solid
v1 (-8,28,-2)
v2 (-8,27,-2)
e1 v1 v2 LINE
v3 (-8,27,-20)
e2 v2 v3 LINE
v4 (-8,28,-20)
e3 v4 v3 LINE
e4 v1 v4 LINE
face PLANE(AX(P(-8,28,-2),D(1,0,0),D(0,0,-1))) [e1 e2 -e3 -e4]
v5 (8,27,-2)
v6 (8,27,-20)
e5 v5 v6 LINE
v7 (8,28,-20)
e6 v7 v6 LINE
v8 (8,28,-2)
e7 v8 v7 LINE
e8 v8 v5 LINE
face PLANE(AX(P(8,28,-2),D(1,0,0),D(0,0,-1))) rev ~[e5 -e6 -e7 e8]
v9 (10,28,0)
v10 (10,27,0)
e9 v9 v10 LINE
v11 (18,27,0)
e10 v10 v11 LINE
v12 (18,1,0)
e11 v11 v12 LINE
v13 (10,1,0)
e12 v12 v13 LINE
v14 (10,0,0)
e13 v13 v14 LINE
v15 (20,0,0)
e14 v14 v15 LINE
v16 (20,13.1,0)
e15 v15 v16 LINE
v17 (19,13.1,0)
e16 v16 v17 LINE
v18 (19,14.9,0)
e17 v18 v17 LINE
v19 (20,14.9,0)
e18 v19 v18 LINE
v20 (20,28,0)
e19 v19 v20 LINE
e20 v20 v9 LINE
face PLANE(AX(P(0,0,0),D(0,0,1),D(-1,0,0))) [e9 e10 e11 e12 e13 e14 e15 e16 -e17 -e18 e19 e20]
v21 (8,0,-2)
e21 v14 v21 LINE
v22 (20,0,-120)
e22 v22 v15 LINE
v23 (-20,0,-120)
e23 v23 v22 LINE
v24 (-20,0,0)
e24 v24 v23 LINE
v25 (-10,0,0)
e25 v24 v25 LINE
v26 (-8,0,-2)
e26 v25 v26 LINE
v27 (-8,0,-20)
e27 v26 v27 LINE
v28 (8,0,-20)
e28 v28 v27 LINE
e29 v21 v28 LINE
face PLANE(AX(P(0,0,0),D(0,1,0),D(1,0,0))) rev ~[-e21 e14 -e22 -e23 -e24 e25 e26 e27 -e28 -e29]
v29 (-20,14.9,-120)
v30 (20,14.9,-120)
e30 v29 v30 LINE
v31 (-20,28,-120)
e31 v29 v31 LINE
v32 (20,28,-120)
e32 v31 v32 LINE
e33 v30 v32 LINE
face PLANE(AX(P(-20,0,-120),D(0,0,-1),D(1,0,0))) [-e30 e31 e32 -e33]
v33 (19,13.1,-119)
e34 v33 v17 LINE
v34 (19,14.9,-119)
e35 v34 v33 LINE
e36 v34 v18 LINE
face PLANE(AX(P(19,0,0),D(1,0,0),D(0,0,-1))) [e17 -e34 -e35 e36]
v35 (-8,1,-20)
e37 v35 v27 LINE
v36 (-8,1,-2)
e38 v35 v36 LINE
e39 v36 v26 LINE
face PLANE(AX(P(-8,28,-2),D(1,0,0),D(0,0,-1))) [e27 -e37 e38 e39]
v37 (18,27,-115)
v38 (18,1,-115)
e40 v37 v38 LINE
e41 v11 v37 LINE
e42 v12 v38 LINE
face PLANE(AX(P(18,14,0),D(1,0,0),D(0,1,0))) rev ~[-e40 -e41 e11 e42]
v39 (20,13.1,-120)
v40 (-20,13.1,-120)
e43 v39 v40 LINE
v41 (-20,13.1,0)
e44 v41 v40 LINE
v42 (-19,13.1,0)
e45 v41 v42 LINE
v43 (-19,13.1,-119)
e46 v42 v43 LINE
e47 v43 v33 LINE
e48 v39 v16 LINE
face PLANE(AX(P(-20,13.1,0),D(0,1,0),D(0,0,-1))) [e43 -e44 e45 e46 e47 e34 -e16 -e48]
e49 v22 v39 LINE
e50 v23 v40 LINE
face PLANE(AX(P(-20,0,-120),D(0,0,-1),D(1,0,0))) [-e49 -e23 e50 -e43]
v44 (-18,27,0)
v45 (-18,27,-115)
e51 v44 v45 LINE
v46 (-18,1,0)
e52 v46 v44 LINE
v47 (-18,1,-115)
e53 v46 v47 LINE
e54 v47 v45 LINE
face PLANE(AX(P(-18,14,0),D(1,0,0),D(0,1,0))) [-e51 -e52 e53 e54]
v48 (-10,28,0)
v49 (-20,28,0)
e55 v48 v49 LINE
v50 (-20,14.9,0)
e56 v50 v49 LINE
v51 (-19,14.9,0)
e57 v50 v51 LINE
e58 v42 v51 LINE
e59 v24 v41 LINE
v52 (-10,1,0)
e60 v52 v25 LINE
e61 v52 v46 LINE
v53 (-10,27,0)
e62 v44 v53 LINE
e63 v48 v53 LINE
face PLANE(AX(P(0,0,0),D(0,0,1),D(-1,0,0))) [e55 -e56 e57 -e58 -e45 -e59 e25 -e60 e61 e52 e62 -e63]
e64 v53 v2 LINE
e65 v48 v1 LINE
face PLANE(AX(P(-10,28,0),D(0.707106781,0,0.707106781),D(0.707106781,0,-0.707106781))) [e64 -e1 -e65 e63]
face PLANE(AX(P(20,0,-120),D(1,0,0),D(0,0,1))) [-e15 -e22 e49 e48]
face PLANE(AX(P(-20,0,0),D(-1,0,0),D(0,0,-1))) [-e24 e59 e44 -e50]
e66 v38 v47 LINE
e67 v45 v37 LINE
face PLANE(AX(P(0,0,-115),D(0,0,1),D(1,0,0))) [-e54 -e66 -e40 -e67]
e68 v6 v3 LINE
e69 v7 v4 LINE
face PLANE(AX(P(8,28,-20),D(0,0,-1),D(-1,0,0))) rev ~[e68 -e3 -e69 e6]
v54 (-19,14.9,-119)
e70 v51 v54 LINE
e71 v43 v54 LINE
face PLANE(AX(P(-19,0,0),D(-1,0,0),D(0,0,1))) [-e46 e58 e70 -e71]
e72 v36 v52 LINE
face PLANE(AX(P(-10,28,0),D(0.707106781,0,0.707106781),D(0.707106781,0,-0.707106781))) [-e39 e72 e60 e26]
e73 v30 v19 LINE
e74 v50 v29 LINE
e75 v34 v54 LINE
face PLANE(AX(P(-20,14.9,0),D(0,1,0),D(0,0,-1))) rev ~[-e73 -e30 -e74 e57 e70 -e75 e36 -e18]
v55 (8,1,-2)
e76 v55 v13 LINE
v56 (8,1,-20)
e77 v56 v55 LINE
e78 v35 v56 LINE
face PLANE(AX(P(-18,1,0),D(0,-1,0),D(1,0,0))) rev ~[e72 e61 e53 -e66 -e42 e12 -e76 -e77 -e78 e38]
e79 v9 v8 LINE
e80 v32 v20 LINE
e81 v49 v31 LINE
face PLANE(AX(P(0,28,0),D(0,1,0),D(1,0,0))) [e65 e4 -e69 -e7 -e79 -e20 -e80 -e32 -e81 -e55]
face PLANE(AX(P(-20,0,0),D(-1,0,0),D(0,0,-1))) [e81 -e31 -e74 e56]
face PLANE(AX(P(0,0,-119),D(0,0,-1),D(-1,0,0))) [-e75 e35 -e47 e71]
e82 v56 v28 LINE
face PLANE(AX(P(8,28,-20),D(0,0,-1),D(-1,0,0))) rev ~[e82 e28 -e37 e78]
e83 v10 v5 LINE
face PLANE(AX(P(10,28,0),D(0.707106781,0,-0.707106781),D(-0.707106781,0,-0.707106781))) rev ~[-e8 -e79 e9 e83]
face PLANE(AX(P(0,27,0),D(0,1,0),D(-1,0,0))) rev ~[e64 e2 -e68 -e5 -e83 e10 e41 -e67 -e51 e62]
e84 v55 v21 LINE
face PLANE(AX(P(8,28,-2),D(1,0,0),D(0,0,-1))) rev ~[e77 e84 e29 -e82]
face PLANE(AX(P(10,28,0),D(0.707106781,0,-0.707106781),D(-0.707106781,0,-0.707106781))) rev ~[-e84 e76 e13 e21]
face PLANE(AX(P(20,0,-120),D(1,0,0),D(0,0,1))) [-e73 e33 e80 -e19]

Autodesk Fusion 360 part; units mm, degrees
sketch "Esboço1" plane through (0, 0, 0) normal (0, 1, 0) x (1, 0, 0)
  line L0 (0, 0) -> (20, 0)
  line L1 (0, 0) -> (-20, 0)
  line L2 (-20, 0) -> (-20, 120)
  line L3 (-20, 120) -> (20, 120)
  line L4 (20, 120) -> (20, 0)
  dimension "d1" = 20
  dimension "d2" = 20
  dimension "d3" = 120
  dimension "d4" = 40
extrude "Extrusão1" add sketch "Esboço1" along normal blind 28
sketch "Esboço2" plane through (0, 0, 0) normal (0, 0, 1) x (1, 0, 0)
  line L0 (-20, 0) -> (20, 0)
  line L1 (20, 0) -> (20, 28)
  line L2 (20, 28) -> (-20, 28)
  line L3 (-20, 28) -> (-20, 0)
  line L4 (0, 0) -> (0, 28) construction
  line L5 (0, 14) -> (0, 27)
  line L6 (0, 27) -> (18, 27)
  line L7 (18, 14) -> (18, 27)
  line L8 (18, 14) -> (18, 1)
  line L9 (18, 1) -> (0, 1)
  line L10 (-18, 1) -> (0, 1)
  line L11 (-18, 14) -> (-18, 1)
  line L12 (-18, 14) -> (-18, 27)
  line L13 (0, 27) -> (-18, 27)
  dimension "d7" = 18
  dimension "d9" = 13
extrude "Extrusão2" cut sketch "Esboço2" against normal blind 115 contours L6 L7 L8 L9 L10 L11 L12 L13
sketch "Esboço3" plane through (0, 28, 0) normal (0, 1, 0) x (-1, 0, 0)
  line L0 (20, 0) -> (-20, 0)
  line L1 (-20, 0) -> (-20, -120)
  line L2 (-20, -120) -> (20, -120)
  line L3 (20, -120) -> (20, 0)
  line L4 (0, 0) -> (10, 0)
  line L5 (0, 0) -> (-10, 0)
  line L6 (-8, -20) -> (8, -20)
  line L7 (-8, -2) -> (-8, -20)
  line L8 (8, -2) -> (8, -20)
  line L9 (10, 0) -> (7.8787, -2.1213)
  line L10 (-10, 0) -> (-7.8787, -2.1213)
  dimension "d13" = 10
  dimension "d14" = 10
  dimension "d19" = 135
  dimension "d20" = 3
  dimension "d22" = 3
extrude "Extrusão3" cut sketch "Esboço3" against normal blind 40 contours L0 L4 L5 L6 L7 L8 L9 L10
sketch "Esboço4" plane through (20, 0, 0) normal (1, 0, 0) x (0, 0, -1)
  line L0 (0, 0) -> (120, 0)
  line L1 (120, 0) -> (120, 28)
  line L2 (120, 28) -> (0, 28)
  line L3 (0, 28) -> (0, 0)
  line L4 (120, 14) -> (120, 14.9)
  line L5 (120, 14) -> (120, 13.1)
  line L6 (120, 13.1) -> (0, 13.1)
  line L7 (120, 14.9) -> (0, 14.9)
  line L8 (0, 14.9) -> (0, 13.1)
  dimension "d25" = 0.9
  dimension "d26" = 0.9
extrude "Extrusão4" cut sketch "Esboço4" against normal blind 1 contours L1 L3 L4 L5 L6 L7 L8
sketch "Esboço5" plane through (-20, 0, 0) normal (-1, 0, 0) x (0, 0, 1)
  line L0 (-120, 0) -> (0, 0)
  line L1 (0, 0) -> (0, 28)
  line L2 (0, 28) -> (-120, 28)
  line L3 (-120, 28) -> (-120, 0)
  line L4 (0, 13.1) -> (0, 14.9)
  line L5 (0, 14.9) -> (-120, 14.9)
  line L6 (0, 13.1) -> (-120, 13.1)
  line L7 (-120, 13.1) -> (-120, 13.3204)
  line L8 (-120, 14.9) -> (-120, 13.1)
  line L9 (-120, 13.1) -> (-120, 14.9)
  dimension "d30" = 1.8
extrude "Extrusão5" cut sketch "Esboço5" against normal blind 1 contours L1 L3 L4 L5 L6 L7 L8 L9
sketch "Esboço6" plane through (0, 0, -120) normal (0, 0, -1) x (-1, 0, 0)
  line L0 (20, 13.1) -> (19, 13.1)
  line L1 (19, 13.1) -> (19, 14.9)
  line L2 (19, 14.9) -> (20, 14.9)
  line L3 (20, 14.9) -> (20, 28)
  line L4 (20, 28) -> (-20, 28)
  line L5 (-20, 28) -> (-20, 14.9)
  line L6 (-20, 14.9) -> (-19, 14.9)
  line L7 (-19, 14.9) -> (-19, 13.1)
  line L8 (-19, 13.1) -> (-20, 13.1)
  line L9 (-20, 13.1) -> (-20, 0)
  line L10 (-20, 0) -> (20, 0)
  line L11 (20, 0) -> (20, 13.1)
  line L12 (-19, 14.9) -> (19, 14.9)
  line L13 (19, 13.1) -> (-19, 13.1)
extrude "Extrusão6" cut sketch "Esboço6" against normal blind 1 contours L1 L7 L12 L13
equation "d9 = ( 26 / 2 ) * 1 mm"
